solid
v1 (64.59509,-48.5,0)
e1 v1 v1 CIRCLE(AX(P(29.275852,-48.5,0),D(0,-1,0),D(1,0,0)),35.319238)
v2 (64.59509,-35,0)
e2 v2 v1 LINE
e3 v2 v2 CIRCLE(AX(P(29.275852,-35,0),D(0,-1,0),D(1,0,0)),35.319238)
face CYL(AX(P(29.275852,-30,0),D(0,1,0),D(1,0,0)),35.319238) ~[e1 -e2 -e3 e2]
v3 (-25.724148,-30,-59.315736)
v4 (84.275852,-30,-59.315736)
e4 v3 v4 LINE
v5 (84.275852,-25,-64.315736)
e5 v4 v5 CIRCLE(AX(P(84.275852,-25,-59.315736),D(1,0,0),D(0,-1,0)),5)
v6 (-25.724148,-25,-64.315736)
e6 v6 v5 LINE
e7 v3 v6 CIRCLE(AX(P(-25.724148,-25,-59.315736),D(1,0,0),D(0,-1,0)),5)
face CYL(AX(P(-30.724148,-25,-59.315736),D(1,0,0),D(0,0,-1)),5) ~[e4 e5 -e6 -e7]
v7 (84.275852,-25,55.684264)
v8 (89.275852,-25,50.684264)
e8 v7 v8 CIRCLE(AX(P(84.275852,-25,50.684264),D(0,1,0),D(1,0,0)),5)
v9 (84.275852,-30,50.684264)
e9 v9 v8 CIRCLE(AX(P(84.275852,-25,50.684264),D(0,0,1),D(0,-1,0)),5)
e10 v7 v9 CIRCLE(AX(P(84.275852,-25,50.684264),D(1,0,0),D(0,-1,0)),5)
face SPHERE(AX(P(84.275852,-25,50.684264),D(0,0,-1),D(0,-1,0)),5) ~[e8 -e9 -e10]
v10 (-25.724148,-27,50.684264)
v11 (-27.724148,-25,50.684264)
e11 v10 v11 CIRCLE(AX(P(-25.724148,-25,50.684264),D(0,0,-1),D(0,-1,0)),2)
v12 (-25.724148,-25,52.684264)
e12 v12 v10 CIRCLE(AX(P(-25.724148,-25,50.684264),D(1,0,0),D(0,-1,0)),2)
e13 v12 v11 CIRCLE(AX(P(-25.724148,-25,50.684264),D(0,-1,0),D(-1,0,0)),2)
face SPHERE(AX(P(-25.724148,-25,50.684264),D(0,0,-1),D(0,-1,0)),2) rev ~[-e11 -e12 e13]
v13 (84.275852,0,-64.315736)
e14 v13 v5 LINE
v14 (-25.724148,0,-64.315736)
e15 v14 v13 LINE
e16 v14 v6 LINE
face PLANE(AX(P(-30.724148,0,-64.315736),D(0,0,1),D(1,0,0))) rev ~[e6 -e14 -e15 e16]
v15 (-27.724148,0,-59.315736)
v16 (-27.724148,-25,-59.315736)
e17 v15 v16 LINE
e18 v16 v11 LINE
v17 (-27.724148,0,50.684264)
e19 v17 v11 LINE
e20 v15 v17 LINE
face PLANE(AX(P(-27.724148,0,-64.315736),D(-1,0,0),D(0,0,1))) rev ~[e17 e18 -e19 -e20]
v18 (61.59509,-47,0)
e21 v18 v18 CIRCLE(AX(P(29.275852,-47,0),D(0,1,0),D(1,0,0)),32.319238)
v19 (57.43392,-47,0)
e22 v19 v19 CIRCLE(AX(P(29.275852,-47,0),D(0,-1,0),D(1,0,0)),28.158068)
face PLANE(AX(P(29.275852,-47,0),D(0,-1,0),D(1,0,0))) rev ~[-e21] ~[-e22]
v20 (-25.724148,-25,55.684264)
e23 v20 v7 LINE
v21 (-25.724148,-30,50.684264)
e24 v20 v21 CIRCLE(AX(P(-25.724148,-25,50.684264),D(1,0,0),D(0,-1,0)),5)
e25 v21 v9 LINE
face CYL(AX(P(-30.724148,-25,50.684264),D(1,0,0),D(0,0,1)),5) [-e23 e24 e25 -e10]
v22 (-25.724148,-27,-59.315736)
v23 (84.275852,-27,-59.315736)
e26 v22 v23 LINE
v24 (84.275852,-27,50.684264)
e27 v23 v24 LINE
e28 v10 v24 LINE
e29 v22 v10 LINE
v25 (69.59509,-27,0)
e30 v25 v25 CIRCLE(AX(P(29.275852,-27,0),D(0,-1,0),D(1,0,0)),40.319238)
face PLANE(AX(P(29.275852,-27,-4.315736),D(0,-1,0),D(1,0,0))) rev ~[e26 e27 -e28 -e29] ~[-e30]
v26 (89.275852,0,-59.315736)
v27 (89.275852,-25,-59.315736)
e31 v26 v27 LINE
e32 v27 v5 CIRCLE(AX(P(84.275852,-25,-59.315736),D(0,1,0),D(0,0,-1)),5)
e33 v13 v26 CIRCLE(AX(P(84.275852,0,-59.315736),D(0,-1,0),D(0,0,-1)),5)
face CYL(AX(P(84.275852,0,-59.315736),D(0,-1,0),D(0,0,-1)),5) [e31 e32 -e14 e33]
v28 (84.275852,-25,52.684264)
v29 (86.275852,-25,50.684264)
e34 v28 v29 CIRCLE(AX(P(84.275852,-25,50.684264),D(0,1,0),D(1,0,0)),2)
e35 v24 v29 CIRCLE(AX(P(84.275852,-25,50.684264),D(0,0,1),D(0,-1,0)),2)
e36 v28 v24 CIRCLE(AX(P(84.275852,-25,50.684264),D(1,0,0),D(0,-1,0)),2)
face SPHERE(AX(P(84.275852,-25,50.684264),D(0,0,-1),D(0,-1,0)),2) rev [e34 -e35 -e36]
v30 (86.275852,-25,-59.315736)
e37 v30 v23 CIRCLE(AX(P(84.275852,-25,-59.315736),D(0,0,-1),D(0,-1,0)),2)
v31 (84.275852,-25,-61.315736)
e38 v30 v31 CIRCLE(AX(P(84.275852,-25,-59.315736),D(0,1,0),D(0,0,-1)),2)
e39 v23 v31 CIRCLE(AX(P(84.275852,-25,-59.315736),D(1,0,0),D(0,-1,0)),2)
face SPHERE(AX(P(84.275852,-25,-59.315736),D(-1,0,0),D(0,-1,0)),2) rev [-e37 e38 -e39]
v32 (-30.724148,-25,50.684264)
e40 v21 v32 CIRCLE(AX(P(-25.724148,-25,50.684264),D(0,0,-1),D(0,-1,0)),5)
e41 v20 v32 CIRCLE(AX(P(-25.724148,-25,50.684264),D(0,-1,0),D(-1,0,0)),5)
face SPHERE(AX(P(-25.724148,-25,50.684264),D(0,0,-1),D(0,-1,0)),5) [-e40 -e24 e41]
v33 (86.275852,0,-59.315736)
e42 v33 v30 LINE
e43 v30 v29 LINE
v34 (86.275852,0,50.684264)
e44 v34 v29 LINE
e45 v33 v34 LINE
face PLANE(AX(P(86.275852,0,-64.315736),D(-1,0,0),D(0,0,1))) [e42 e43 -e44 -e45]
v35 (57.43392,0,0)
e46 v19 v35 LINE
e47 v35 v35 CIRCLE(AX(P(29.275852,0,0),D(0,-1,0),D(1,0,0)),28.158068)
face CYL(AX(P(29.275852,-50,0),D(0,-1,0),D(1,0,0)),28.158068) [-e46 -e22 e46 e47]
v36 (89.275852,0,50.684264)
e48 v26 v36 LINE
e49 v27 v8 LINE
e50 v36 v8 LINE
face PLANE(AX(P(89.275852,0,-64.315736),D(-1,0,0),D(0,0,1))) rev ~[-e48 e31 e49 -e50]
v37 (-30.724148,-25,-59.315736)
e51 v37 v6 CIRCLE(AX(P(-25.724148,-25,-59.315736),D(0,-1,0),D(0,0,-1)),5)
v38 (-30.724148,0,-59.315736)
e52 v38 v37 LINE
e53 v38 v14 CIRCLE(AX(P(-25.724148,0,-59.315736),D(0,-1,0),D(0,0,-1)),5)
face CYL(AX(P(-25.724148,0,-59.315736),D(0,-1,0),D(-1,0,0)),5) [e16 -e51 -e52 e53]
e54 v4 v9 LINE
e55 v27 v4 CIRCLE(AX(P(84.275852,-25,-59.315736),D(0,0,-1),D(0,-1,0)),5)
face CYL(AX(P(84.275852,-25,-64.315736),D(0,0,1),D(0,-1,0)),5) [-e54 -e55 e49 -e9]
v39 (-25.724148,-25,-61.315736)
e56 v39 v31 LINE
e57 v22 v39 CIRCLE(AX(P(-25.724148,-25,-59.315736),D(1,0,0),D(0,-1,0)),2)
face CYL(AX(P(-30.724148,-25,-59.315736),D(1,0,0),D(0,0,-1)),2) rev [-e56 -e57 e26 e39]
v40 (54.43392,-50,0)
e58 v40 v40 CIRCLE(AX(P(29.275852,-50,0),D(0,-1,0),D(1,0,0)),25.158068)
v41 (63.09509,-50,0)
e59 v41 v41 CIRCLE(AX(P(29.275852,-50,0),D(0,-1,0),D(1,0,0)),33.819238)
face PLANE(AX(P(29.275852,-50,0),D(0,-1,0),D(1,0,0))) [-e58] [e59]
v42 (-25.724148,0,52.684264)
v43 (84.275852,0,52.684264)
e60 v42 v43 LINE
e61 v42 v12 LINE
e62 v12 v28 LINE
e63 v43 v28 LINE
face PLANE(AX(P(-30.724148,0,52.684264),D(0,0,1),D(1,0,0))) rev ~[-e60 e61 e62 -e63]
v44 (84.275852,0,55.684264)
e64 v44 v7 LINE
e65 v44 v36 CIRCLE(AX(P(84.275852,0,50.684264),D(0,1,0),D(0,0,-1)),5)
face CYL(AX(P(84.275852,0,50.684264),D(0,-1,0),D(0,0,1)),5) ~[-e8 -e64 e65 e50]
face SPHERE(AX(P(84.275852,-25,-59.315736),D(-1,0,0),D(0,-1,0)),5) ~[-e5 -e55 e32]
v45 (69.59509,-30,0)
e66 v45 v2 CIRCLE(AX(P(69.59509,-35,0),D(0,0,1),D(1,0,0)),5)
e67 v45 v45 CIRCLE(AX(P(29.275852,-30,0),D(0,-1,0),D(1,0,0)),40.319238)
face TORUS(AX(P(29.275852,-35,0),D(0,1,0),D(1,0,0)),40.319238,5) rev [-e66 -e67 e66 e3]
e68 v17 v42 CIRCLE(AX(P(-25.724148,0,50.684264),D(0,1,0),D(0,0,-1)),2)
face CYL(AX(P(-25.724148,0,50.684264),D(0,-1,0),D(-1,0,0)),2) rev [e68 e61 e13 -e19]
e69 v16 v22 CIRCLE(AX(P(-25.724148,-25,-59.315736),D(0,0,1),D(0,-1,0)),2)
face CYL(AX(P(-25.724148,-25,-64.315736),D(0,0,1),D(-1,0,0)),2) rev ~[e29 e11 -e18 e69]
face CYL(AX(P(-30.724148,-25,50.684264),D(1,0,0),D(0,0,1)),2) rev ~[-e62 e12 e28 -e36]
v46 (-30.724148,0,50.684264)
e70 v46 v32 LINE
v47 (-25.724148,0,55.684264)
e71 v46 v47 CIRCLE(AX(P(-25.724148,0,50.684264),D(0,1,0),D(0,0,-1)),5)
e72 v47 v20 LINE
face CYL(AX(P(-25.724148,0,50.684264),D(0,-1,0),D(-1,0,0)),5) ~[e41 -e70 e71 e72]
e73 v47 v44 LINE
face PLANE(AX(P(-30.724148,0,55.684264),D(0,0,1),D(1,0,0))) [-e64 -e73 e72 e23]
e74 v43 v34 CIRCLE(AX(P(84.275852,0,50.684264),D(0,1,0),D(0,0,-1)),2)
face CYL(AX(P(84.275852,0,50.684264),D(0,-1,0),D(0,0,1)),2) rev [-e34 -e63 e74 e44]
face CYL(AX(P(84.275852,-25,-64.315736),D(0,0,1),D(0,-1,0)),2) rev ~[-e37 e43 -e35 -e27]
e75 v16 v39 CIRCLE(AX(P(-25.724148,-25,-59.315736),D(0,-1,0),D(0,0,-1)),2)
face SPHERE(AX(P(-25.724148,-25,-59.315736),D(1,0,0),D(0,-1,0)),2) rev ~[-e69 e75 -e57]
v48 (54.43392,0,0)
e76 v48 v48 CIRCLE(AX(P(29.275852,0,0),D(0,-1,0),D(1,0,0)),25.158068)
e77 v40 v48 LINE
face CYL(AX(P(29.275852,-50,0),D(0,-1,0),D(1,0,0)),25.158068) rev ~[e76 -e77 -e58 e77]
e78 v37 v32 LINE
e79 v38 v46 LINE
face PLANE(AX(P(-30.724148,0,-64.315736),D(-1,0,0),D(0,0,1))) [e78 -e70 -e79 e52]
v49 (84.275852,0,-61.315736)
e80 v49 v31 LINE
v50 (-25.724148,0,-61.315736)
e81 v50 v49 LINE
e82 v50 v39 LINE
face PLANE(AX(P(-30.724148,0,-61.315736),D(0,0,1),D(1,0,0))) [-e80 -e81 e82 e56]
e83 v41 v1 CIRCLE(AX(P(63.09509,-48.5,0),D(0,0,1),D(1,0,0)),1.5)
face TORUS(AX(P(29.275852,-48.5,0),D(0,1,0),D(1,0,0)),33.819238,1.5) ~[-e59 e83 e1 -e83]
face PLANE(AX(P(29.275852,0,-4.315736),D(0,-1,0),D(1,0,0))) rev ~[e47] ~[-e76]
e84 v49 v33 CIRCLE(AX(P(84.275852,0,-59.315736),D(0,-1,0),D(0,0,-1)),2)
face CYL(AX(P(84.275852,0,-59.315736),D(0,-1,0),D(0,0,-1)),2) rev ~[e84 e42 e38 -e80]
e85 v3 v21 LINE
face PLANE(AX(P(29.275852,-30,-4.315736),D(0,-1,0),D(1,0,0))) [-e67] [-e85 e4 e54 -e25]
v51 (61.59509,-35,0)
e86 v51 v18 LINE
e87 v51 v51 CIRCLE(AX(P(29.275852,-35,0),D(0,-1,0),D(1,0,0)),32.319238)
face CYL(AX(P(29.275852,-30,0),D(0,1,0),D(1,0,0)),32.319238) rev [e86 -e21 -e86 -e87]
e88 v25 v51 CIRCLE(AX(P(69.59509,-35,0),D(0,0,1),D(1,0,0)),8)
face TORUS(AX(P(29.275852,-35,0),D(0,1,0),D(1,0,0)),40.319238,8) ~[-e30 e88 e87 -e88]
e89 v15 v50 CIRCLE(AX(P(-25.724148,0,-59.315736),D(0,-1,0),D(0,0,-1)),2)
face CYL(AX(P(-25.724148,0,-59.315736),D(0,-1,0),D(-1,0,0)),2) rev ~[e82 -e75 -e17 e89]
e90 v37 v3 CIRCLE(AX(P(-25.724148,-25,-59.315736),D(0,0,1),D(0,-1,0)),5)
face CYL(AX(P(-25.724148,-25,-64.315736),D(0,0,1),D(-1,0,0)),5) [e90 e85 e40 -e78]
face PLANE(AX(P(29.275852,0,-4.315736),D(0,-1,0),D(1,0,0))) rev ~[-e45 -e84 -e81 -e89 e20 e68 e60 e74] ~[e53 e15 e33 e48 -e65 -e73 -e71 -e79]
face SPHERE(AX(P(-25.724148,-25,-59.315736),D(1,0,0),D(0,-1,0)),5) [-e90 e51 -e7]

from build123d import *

# Parameters (mm, degrees)
F0_W     = 120
F0_H     = 120
F1_DEPTH = 30
F2_R     = 35.3192378902
F3_DEPTH = 20
F4_R     = 25.158067948
F5_DEPTH = 106.934
F6_R     = 5
F7_R     = 1.5
F8_T     = -3


with BuildPart() as f1:
    # F0 (on Front) → F1 (new body)
    with BuildSketch(Plane.XZ):
        with Locations((29.2758518457, -4.3157362938)):
            Rectangle(F0_W, F0_H)
    extrude(amount=F1_DEPTH)

    # F2 (on face) → F3 (join)
    with BuildSketch(Plane.XZ.offset(30)):
        with Locations((29.2758518457, 0)):
            Circle(F2_R)
    extrude(amount=F3_DEPTH)

    # F4 (on face) → F5 (cut)
    with BuildSketch(Plane.XZ.offset(50)):
        with Locations((29.2758518457, 0)):
            Circle(F4_R)
    extrude(amount=-F5_DEPTH, mode=Mode.SUBTRACT)

    # F6
    f6_edges = [f1.edges().sort_by_distance(p)[0] for p in [
        (29.275852, -30, -64.315736),
        (-30.724148, -30, -4.315736),
        (89.275852, -30, -4.315736),
        (29.275852, -30, 55.684264),
        (-6.043386, -30, 0),
        (-30.724148, -15, 55.684264),
        (89.275852, -15, 55.684264),
        (89.275852, -15, -64.315736),
        (-30.724148, -15, -64.315736),
    ]]
    fillet(f6_edges, radius=F6_R)

    # F7
    f7_edges = [f1.edges().sort_by_distance(p)[0] for p in [
        (-6.043386, -50, 0),
    ]]
    fillet(f7_edges, radius=F7_R)

    # F8
    f8_openings = [f1.faces().sort_by_distance(p)[0] for p in [
        (29.275852, 0, -62.61868),
    ]]
    offset(amount=F8_T, openings=f8_openings)


solid = f1.part
